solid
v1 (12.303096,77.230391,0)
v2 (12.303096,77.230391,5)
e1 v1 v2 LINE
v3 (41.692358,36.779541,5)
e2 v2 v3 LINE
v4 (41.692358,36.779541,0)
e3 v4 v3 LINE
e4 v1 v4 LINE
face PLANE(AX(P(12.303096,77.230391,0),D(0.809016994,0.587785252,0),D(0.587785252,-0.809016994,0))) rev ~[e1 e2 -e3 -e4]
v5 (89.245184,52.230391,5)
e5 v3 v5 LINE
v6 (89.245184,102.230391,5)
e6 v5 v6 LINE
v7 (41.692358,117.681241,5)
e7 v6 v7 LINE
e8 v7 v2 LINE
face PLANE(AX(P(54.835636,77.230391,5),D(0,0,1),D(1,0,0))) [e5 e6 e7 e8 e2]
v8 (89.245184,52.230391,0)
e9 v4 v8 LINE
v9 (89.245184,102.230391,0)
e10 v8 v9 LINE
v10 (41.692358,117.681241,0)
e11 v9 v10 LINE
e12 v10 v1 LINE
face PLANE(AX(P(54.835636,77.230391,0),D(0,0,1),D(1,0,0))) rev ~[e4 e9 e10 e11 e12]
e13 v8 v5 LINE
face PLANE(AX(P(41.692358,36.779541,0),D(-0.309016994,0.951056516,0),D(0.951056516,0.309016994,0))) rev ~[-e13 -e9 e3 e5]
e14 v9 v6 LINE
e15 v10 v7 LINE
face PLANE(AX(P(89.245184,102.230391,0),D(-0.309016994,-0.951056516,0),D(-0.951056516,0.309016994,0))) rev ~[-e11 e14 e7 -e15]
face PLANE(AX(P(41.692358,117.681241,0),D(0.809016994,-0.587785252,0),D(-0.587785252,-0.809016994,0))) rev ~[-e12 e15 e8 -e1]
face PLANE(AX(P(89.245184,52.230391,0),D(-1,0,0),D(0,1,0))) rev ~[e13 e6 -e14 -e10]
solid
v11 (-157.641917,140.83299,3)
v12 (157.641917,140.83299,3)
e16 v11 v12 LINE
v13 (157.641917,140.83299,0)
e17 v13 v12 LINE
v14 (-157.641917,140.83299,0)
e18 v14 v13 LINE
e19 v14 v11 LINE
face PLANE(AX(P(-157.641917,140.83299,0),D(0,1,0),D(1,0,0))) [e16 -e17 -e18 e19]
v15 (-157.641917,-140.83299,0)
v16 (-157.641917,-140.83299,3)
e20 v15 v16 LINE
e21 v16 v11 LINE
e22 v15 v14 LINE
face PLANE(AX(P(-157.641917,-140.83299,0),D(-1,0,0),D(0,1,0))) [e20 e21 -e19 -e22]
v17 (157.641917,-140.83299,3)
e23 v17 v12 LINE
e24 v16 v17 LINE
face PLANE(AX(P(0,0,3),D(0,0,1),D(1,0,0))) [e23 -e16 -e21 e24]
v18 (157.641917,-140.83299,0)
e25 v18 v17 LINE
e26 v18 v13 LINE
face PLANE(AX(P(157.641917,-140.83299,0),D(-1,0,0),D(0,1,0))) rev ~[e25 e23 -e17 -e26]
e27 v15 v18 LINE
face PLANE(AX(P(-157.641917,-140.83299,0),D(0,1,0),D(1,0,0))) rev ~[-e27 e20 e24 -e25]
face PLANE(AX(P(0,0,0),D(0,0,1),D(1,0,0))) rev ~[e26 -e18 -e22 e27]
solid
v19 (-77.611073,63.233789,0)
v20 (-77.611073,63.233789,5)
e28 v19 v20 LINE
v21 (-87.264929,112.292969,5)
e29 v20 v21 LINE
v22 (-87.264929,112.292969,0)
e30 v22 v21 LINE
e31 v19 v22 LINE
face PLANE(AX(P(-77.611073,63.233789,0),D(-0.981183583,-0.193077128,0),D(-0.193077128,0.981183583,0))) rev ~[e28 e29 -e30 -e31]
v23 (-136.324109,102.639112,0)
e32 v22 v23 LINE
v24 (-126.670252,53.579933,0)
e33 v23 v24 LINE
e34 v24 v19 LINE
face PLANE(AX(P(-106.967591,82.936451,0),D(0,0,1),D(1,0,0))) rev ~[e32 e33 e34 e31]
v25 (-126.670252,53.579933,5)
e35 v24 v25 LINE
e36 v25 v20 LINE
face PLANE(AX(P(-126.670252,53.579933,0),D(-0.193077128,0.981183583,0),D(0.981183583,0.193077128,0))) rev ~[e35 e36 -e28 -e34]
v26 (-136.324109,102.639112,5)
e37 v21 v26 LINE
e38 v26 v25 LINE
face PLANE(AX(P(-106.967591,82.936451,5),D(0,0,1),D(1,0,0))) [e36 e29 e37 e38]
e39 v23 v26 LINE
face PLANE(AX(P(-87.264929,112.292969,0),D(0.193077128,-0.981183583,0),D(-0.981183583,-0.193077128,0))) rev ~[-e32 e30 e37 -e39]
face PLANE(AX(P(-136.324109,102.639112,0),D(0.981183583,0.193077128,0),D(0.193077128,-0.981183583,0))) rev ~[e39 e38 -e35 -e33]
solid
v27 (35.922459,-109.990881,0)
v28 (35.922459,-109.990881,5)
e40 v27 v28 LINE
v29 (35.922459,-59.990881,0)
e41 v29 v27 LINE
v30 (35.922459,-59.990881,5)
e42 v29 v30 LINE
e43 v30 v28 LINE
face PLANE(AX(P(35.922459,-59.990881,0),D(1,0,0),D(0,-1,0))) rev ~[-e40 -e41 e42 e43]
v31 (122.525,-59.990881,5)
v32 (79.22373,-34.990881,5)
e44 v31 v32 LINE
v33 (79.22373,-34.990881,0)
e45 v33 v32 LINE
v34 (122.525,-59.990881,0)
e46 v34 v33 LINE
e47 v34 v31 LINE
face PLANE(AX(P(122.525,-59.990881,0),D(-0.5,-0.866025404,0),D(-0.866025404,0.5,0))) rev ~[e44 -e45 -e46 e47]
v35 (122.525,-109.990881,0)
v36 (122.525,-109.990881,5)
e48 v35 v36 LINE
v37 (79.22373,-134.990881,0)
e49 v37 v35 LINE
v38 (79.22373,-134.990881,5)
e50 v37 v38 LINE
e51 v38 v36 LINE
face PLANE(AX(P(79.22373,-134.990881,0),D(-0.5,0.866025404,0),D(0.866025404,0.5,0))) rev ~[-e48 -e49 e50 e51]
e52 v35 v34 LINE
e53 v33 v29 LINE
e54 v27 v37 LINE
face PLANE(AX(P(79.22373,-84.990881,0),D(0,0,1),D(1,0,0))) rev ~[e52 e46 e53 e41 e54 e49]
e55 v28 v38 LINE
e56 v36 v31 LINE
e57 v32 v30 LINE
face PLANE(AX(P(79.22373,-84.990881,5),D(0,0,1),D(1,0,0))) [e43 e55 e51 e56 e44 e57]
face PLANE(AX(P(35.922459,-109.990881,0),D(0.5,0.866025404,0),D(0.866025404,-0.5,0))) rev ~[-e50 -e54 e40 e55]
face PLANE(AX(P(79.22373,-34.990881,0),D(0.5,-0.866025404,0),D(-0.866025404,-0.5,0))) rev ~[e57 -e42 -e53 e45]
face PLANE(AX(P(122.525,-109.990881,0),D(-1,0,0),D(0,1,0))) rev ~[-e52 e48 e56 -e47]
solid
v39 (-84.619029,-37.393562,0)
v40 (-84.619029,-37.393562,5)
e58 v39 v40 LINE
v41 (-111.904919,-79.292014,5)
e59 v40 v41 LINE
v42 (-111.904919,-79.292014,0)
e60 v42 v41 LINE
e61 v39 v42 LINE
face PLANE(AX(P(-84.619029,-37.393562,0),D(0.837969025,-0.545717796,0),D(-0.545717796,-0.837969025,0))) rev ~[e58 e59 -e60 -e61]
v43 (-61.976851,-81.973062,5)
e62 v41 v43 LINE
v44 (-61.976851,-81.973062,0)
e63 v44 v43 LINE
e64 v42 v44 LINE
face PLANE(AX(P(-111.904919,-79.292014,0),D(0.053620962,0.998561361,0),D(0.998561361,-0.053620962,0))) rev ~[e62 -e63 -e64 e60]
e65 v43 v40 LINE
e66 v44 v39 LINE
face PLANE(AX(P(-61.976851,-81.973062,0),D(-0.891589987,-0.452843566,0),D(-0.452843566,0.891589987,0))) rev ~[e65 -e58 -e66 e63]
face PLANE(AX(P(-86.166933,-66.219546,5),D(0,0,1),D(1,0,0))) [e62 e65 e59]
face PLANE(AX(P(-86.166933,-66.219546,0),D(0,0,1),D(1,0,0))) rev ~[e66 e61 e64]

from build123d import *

# Parameters (mm, degrees)
F0_W     = 315.2838349342
F0_H     = 281.6659808159
F1_DEPTH = 3
F4_DEPTH = 5


with BuildPart() as f1:
    # F0 (on Top) → F1 (new body)
    with BuildSketch(Plane.XY):
        Rectangle(F0_W, F0_H)
    extrude(amount=F1_DEPTH)


with BuildPart() as f4:
    # F2 (on Top) → F4 (new body)
    with BuildSketch(Plane.XY):
        Polygon((-77.6110729951, 63.2337894617), (-87.264929372, 112.2929685932), (-136.3241085034, 102.6391122163), (-126.6702521266, 53.5799330849), align=None)
    extrude(amount=F4_DEPTH)


with BuildPart() as f4b:
    # F2 (on Top) → F4, piece 2 (new body)
    with BuildSketch(Plane.XY):
        Polygon((89.2451841273, 52.2303909983), (89.2451841273, 102.2303909983), (41.6923583126, 117.681240717), (12.303095698, 77.2303909983), (41.6923583126, 36.7795412795), align=None)
    extrude(amount=F4_DEPTH)


with BuildPart() as f4c:
    # F2 (on Top) → F4, piece 3 (new body)
    with BuildSketch(Plane.XY):
        Polygon((-61.9768510605, -81.9730617128), (-84.619029346, -37.3935623607), (-111.9049191302, -79.292013629), align=None)
    extrude(amount=F4_DEPTH)


with BuildPart() as f4d:
    # F2 (on Top) → F4, piece 4 (new body)
    with BuildSketch(Plane.XY):
        Polygon((122.5249998593, -109.9908813834), (122.5249998593, -59.9908813834), (79.22372967, -34.9908813834), (35.9224594808, -59.9908813834), (35.9224594808, -109.9908813834), (79.22372967, -134.9908813834), align=None)
    extrude(amount=F4_DEPTH)


solid = Compound([f1.part, f4.part, f4b.part, f4c.part, f4d.part])
